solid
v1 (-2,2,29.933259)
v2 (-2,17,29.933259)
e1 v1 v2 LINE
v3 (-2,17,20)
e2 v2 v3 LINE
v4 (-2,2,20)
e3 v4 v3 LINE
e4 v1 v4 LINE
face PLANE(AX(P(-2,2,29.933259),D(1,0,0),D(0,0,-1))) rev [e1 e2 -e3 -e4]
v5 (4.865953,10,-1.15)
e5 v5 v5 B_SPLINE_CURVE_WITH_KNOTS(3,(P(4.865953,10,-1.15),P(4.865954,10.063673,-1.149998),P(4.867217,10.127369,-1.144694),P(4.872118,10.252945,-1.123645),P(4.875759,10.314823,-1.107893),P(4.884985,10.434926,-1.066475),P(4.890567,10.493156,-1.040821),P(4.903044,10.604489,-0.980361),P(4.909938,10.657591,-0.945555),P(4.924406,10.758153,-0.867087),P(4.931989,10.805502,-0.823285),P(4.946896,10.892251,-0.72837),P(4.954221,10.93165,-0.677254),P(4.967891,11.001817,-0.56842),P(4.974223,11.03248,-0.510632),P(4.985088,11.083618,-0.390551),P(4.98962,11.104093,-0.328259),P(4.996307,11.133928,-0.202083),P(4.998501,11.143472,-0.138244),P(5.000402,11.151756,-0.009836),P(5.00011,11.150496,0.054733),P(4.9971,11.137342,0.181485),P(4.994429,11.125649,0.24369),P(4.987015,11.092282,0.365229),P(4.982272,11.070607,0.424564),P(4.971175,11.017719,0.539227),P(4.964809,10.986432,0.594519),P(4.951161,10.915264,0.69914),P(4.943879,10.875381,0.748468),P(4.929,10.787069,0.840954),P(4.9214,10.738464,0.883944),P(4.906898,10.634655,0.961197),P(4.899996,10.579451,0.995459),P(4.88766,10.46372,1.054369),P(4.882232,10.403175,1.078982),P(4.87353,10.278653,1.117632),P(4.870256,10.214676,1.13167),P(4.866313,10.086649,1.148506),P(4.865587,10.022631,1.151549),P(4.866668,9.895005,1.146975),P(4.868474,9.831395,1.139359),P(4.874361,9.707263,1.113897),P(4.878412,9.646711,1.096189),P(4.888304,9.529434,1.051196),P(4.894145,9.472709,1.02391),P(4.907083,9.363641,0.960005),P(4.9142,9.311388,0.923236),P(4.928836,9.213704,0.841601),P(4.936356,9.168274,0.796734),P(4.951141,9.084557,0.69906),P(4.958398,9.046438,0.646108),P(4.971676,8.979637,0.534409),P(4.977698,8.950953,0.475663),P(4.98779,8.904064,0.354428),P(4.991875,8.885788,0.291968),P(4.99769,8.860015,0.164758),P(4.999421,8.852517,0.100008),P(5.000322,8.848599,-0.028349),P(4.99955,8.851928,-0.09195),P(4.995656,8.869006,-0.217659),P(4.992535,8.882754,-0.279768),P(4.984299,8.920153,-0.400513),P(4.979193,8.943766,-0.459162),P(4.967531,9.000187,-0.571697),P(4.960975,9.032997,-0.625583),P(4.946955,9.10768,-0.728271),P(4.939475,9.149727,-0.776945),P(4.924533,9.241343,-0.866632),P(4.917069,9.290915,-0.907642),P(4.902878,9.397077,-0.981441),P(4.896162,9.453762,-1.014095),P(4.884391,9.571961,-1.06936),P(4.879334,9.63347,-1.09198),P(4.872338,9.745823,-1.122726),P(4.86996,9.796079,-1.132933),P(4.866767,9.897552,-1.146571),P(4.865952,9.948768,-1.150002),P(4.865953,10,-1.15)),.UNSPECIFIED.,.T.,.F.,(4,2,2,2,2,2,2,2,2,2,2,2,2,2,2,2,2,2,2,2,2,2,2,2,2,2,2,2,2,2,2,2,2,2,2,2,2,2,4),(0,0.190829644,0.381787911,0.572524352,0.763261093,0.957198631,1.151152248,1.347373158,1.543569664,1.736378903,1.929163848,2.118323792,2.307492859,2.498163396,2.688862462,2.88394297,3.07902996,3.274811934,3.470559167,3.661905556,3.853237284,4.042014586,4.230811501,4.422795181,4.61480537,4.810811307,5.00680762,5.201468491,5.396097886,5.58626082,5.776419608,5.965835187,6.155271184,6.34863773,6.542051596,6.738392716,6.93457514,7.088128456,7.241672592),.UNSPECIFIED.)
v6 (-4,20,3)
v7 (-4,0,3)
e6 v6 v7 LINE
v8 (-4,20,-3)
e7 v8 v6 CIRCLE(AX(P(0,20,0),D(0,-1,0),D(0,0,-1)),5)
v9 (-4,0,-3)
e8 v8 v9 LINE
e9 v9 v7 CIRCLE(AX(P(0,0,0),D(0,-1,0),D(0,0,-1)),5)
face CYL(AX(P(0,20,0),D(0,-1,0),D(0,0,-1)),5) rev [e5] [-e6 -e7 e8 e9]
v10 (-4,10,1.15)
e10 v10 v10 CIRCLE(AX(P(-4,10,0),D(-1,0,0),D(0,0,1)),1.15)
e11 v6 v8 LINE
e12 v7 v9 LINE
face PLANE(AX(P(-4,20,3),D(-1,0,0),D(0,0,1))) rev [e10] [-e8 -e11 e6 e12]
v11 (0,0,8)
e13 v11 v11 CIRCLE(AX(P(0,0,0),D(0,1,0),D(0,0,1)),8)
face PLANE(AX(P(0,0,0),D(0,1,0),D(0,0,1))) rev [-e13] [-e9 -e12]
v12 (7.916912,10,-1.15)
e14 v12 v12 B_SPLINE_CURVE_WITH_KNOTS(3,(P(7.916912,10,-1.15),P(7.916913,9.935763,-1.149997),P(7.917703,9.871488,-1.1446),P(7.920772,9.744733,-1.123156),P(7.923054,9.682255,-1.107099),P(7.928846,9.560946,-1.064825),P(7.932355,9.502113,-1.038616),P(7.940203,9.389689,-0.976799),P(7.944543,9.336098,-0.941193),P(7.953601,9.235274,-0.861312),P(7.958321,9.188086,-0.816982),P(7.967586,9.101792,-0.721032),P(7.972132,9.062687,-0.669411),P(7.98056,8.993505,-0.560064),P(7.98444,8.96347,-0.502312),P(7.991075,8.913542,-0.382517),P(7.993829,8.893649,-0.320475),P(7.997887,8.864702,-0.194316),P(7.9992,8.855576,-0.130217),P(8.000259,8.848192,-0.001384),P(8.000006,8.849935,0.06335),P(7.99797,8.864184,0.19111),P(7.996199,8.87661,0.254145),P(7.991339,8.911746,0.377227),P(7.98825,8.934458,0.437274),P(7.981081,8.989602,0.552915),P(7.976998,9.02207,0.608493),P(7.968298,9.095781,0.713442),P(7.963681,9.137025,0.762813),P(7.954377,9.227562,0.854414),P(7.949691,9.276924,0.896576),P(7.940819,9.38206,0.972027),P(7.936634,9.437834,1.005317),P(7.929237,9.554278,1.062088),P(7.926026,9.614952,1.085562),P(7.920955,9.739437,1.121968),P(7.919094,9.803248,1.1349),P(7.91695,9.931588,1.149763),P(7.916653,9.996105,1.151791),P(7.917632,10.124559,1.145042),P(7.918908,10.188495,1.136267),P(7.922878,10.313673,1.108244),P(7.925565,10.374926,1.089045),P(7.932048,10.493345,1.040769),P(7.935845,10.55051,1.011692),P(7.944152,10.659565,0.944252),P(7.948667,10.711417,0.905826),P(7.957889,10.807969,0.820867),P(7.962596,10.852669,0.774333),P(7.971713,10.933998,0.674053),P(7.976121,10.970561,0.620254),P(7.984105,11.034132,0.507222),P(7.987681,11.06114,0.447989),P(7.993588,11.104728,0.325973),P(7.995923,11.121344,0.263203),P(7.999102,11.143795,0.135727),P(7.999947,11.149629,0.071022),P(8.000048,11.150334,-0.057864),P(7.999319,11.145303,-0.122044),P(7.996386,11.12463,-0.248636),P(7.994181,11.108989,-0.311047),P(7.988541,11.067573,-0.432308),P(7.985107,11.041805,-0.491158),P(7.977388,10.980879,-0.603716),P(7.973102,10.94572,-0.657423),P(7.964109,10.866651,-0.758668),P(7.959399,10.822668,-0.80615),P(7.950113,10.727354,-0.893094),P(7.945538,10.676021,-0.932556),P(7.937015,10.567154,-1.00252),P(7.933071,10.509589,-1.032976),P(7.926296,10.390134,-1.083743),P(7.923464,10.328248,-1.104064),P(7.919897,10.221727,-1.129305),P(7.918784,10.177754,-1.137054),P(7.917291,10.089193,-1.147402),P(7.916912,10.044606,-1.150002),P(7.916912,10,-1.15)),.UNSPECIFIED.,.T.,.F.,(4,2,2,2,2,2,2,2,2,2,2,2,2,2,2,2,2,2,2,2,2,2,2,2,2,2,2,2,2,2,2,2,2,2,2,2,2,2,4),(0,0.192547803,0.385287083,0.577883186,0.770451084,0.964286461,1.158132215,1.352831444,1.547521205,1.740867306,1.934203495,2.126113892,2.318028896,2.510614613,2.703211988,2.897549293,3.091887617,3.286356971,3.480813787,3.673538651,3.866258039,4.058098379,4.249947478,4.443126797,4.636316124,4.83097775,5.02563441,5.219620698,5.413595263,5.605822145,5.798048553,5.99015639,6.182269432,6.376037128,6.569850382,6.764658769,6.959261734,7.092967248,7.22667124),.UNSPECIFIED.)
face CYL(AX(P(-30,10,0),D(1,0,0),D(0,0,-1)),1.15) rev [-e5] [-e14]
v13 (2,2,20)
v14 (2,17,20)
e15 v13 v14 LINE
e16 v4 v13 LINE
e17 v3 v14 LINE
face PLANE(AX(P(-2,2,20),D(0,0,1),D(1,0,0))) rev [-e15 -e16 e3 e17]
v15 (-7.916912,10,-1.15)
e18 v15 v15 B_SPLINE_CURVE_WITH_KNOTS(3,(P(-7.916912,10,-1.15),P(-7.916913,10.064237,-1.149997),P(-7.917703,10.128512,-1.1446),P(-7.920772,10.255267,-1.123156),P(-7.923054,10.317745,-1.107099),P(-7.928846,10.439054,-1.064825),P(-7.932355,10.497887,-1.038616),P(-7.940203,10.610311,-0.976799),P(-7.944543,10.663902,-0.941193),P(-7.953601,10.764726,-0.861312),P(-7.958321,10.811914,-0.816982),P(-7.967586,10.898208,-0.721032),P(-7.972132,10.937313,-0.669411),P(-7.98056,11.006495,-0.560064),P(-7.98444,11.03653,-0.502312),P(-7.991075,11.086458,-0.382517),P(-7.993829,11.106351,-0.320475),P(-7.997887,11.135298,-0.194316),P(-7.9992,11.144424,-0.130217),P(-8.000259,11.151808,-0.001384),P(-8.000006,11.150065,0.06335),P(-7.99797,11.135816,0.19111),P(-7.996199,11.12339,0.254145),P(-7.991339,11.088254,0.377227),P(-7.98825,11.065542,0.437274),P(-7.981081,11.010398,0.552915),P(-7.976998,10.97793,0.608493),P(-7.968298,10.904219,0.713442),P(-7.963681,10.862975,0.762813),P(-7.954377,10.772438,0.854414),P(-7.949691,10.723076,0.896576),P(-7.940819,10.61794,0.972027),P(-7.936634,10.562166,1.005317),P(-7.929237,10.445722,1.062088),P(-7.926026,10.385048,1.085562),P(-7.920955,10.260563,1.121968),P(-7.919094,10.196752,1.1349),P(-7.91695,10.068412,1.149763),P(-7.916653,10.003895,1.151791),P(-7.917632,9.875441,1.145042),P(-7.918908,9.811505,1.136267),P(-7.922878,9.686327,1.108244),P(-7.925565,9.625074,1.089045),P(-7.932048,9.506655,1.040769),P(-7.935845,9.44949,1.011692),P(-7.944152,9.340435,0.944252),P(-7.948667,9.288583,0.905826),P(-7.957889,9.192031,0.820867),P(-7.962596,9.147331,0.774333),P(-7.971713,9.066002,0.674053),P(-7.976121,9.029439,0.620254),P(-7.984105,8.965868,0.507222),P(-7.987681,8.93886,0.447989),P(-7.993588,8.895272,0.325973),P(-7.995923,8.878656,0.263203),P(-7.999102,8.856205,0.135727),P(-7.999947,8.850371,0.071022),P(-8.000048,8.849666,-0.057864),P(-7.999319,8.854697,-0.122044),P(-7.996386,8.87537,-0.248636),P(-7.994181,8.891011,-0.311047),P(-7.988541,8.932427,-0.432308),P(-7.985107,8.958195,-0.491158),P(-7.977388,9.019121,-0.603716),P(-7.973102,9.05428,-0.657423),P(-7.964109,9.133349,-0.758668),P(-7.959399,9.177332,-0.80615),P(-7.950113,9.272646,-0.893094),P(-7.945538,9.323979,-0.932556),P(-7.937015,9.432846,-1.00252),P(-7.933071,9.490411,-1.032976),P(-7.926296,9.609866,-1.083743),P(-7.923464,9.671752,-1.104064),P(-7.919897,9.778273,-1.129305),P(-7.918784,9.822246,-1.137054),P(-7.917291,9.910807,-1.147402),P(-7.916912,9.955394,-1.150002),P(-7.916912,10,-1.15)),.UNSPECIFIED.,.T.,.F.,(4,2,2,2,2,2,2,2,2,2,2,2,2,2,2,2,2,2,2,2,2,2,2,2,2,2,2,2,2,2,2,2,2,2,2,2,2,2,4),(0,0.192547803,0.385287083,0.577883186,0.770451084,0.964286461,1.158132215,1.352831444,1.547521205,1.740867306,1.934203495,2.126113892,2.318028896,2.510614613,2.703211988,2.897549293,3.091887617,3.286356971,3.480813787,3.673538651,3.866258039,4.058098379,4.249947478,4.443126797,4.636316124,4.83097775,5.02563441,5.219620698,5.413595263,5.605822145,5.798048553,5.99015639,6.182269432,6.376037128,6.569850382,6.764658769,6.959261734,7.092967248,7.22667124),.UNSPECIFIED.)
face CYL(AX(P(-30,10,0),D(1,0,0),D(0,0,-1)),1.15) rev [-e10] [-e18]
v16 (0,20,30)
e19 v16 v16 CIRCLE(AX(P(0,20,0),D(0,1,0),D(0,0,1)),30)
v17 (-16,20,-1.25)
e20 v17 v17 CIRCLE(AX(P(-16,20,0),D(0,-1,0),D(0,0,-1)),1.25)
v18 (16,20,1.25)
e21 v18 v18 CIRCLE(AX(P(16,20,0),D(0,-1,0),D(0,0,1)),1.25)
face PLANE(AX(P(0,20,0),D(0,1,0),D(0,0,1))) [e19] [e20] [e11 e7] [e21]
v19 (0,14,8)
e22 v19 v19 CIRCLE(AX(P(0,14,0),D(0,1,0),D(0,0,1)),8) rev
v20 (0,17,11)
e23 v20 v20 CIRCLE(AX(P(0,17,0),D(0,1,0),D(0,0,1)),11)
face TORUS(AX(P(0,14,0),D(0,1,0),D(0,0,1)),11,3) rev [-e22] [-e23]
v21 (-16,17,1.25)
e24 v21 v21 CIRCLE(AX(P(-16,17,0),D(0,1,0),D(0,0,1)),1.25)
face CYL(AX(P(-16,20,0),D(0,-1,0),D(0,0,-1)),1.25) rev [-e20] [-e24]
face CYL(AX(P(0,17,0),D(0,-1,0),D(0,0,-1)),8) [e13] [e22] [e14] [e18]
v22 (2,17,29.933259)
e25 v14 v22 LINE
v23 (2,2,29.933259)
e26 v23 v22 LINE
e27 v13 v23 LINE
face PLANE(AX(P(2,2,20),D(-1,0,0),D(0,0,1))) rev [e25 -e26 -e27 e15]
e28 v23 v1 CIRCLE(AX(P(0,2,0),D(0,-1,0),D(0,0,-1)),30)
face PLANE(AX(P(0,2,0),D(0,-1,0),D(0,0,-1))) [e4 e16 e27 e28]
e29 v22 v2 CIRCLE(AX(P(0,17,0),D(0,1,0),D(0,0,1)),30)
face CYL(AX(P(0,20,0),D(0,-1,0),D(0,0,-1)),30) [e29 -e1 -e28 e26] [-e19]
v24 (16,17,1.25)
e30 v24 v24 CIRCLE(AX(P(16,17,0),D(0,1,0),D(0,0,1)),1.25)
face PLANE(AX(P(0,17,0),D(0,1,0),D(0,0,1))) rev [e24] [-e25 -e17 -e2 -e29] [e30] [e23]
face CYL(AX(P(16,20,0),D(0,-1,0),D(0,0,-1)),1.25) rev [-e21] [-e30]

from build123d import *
from build123d.topology import SkipClean

# Parameters (mm, degrees)
SKETCH_1_R               = 8
EXTRUDE_1_DEPTH          = 17
SKETCH_2_R               = 30
EXTRUDE_2_DEPTH          = 3
CUT_EXTRUDE_1_DEPTH      = 47.904158
CUT_EXTRUDE_2_DEPTH      = 50.558047
CUT_EXTRUDE_2_DEPTH_BACK = 50.558047
SKETCH_4_R               = 1.15
EXTRUDE_START            = 15
EXTRUDE_3_DEPTH          = 15
FILLET_1_R               = 3
CUT_EXTRUDE_3_DEPTH      = 46.70558
CUT_EXTRUDE_3_DEPTH_BACK = 46.70558
SKETCH_6_R               = 1.25


with BuildPart() as part:
    # 草图1 → 凸台-拉伸1 (new body)
    with BuildSketch(Plane(origin=(0, 0, 0), x_dir=(1, 0, 0), z_dir=(0, 1, 0))):
        with Locations(Location((0, 0, 0), (0, 0, 270))):
            Circle(SKETCH_1_R)
    extrude(amount=EXTRUDE_1_DEPTH)

    # 草图2 → 凸台-拉伸2 (add)
    with BuildSketch(Plane(origin=(0, 17, 0), x_dir=(1, 0, 0), z_dir=(0, 1, 0))):
        with Locations(Location((0, 0, 0), (0, 0, 270))):
            Circle(SKETCH_2_R)
    extrude(amount=EXTRUDE_2_DEPTH)

    # 草图3 → 切除-拉伸1 (cut, through all)
    with BuildSketch(Plane.XZ):
        with BuildLine():
            Line((-4, 3), (-4, -3))
            ThreePointArc((-4, -3), (5, 0), (-4, 3))
        make_face()
    extrude(amount=-CUT_EXTRUDE_1_DEPTH, mode=Mode.SUBTRACT)

    # 草图4 → 切除-拉伸2 (cut, two sides: drawn at the far end of the back side and taken through both)
    with BuildSketch(Plane(origin=(-4, 0, 0), x_dir=(0, 0, -1), z_dir=(1, 0, 0)).offset(-CUT_EXTRUDE_2_DEPTH_BACK)):
        with Locations((0, 10)):
            Circle(SKETCH_4_R)
    extrude(amount=CUT_EXTRUDE_2_DEPTH + CUT_EXTRUDE_2_DEPTH_BACK, mode=Mode.SUBTRACT)

    # 草图5 → 凸台-拉伸3 (add)
    with SkipClean():  # the faces are left unmerged after this step: merging them gives an invalid solid
        with BuildSketch(Plane.XZ.offset(-17).offset(EXTRUDE_START)):
            with BuildLine():
                Line((-2, 29.933259), (-2, 20))
                Line((-2, 20), (2, 20))
                Line((2, 20), (2, 29.933259))
                ThreePointArc((2, 29.933259), (0, 30), (-2, 29.933259))
            make_face()
        extrude(amount=-EXTRUDE_3_DEPTH)

    # 圆角1
    fillet_1_edges = [part.edges().sort_by_distance(p)[0] for p in [
        (0, 17, -8),
    ]]
    fillet(fillet_1_edges, radius=FILLET_1_R)

    # 草图6 → 切除-拉伸3 (cut, two sides: drawn at the far end of the back side and taken through both)
    with SkipClean():  # the faces are left unmerged after this step: merging them gives an invalid solid
        with BuildSketch(Plane.XZ.offset(-17).offset(-CUT_EXTRUDE_3_DEPTH_BACK)):
            with Locations(Location((-16, 0, 0), (0, 0, 270))):
                Circle(SKETCH_6_R)
            with Locations(Location((16, 0, 0), (0, 0, 90))):
                Circle(SKETCH_6_R)
        extrude(amount=CUT_EXTRUDE_3_DEPTH + CUT_EXTRUDE_3_DEPTH_BACK, mode=Mode.SUBTRACT)


solid = part.part
